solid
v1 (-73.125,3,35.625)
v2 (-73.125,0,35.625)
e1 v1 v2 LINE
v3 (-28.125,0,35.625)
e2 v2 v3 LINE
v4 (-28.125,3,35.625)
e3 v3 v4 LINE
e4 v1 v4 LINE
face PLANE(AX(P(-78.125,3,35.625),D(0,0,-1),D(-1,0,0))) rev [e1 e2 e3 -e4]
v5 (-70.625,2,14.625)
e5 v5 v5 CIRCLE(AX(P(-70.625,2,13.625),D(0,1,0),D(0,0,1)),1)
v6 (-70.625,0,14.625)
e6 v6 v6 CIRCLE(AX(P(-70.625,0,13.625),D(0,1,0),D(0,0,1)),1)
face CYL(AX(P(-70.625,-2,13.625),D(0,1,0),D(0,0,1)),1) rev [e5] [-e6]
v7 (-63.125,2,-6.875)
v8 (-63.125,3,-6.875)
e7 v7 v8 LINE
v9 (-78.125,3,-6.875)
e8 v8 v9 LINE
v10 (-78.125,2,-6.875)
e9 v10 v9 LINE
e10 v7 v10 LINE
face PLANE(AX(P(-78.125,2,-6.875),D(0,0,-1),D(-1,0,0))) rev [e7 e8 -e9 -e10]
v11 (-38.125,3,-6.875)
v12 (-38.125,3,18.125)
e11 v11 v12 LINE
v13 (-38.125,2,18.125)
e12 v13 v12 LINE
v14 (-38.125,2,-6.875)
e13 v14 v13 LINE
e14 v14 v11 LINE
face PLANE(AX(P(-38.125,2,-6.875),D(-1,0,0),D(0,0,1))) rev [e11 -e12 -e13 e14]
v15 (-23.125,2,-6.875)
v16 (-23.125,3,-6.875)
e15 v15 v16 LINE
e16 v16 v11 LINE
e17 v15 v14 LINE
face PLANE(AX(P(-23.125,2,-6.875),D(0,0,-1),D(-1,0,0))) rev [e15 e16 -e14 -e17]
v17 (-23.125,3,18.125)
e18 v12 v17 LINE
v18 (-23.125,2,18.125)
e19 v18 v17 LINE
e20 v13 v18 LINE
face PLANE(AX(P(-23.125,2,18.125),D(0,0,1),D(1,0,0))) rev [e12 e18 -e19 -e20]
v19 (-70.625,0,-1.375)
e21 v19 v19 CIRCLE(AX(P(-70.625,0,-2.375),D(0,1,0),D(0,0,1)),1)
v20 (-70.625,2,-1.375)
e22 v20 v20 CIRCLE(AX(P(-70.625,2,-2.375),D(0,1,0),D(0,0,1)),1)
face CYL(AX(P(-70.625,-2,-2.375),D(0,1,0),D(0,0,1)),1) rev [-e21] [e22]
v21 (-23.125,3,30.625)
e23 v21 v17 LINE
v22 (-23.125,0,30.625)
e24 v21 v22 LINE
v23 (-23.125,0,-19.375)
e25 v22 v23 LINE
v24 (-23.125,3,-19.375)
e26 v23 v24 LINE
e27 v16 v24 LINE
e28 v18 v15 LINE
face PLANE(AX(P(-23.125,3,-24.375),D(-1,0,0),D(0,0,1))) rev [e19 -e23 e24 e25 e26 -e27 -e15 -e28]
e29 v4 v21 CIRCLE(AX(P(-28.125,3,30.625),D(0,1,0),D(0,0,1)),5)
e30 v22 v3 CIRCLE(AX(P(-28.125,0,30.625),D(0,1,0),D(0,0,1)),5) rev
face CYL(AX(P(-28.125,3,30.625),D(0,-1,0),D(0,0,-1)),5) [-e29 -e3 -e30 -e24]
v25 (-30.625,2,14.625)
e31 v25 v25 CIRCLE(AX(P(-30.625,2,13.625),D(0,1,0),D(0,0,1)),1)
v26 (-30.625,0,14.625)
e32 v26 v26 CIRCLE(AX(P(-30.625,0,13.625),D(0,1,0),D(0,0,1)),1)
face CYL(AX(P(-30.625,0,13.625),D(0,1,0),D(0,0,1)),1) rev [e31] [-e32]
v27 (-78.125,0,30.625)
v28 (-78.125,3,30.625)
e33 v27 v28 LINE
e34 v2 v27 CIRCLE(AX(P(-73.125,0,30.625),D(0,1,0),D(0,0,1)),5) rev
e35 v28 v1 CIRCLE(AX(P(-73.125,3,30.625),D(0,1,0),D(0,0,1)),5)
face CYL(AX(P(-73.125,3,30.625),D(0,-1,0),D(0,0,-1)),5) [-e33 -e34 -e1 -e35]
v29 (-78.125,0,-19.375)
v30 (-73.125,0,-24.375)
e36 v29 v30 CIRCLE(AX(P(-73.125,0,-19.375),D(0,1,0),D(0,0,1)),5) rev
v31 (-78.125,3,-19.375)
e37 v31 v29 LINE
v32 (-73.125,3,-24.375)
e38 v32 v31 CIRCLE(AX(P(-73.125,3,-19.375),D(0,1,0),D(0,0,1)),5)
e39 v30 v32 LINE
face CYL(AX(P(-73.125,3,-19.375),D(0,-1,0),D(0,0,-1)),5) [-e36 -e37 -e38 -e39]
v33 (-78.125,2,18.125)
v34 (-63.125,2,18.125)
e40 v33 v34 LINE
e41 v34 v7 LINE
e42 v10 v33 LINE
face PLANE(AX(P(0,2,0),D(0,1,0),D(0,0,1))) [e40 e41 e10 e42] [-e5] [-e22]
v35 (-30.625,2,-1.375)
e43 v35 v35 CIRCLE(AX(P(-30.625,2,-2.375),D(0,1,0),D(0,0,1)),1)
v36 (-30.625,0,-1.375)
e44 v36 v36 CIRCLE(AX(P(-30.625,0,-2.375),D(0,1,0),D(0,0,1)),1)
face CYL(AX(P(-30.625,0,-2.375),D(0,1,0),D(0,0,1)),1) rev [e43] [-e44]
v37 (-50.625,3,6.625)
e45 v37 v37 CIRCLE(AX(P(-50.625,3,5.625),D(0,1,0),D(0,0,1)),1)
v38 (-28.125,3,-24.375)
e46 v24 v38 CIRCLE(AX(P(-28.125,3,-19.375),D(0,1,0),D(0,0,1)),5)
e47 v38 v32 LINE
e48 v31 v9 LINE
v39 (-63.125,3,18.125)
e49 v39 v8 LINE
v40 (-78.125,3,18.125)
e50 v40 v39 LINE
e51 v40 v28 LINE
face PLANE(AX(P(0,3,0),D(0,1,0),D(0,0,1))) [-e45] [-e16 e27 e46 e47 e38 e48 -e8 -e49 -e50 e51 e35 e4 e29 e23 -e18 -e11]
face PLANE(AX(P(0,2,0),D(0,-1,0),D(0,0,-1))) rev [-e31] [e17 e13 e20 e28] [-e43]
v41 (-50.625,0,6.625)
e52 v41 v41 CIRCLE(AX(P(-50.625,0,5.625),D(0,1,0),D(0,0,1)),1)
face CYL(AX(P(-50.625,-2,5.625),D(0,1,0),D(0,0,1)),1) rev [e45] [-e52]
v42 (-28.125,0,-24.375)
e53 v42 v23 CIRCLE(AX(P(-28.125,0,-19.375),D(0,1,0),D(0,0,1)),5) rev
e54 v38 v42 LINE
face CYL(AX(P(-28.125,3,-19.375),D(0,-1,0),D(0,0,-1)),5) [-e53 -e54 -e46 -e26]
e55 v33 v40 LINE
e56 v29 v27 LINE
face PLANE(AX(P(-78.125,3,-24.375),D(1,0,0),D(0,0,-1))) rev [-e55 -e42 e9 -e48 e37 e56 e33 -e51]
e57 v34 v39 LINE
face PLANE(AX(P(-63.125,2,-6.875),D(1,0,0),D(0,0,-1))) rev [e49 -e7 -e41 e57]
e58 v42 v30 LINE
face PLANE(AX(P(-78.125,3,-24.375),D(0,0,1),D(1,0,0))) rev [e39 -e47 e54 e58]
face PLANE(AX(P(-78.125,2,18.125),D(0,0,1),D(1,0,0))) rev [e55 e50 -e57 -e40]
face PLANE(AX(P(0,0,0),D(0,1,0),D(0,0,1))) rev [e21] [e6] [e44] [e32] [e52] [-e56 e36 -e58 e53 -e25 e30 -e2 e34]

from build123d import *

# Parameters (mm, degrees)
SKETCH2_W           = 55
SKETCH2_H           = 60
BOSS_EXTRUDE1_DEPTH = 3
SKETCH3_W           = 15
SKETCH3_H           = 25
CUT_EXTRUDE1_DEPTH  = 1
SKETCH4_R           = 1
CUT_EXTRUDE3_DEPTH  = 5
FILLET1_R           = 5
SKETCH5_R           = 1
CUT_EXTRUDE4_DEPTH  = 5
SKETCH6_W           = 15
SKETCH6_H           = 25
CUT_EXTRUDE5_DEPTH  = 1
SKETCH7_R           = 1
CUT_EXTRUDE6_DEPTH  = 2


with BuildPart() as part:
    # Sketch2 → Boss-Extrude1 (new body)
    with BuildSketch(Plane(origin=(0, 0, 0), x_dir=(1, 0, 0), z_dir=(0, 1, 0))):
        with Locations((-50.625, -5.625)):
            Rectangle(SKETCH2_W, SKETCH2_H)
    extrude(amount=BOSS_EXTRUDE1_DEPTH)

    # Sketch3 → Cut-Extrude1 (cut)
    with BuildSketch(Plane(origin=(0, 3, 0), x_dir=(1, 0, 0), z_dir=(0, 1, 0))):
        with Locations((-70.625, -5.625)):
            Rectangle(SKETCH3_W, SKETCH3_H)
    extrude(amount=-CUT_EXTRUDE1_DEPTH, mode=Mode.SUBTRACT)

    # Sketch4 → Cut-Extrude3 (cut)
    with BuildSketch(Plane(origin=(0, 3, 0), x_dir=(1, 0, 0), z_dir=(0, 1, 0))):
        with Locations(Location((-70.625, 2.375, 0), (0, 0, 270))):
            Circle(SKETCH4_R)
        with Locations(Location((-70.625, -13.625, 0), (0, 0, 270))):
            Circle(SKETCH4_R)
    extrude(amount=-CUT_EXTRUDE3_DEPTH, mode=Mode.SUBTRACT)

    # Fillet1
    fillet1_edges = [part.edges().sort_by_distance(p)[0] for p in [
        (-78.125, 1.5, -24.375),
        (-23.125, 1.5, -24.375),
        (-23.125, 1.5, 35.625),
        (-78.125, 1.5, 35.625),
    ]]
    fillet(fillet1_edges, radius=FILLET1_R)

    # Sketch5 → Cut-Extrude4 (cut)
    with BuildSketch(Plane(origin=(0, 3, 0), x_dir=(1, 0, 0), z_dir=(0, 1, 0))):
        with Locations(Location((-50.625, -5.625, 0), (0, 0, 270))):
            Circle(SKETCH5_R)
    extrude(amount=-CUT_EXTRUDE4_DEPTH, mode=Mode.SUBTRACT)

    # Sketch6 → Cut-Extrude5 (cut)
    with BuildSketch(Plane(origin=(0, 3, 0), x_dir=(1, 0, 0), z_dir=(0, 1, 0))):
        with Locations((-30.625, -5.625)):
            Rectangle(SKETCH6_W, SKETCH6_H)
    extrude(amount=-CUT_EXTRUDE5_DEPTH, mode=Mode.SUBTRACT)

    # Sketch7 → Cut-Extrude6 (cut)
    with BuildSketch(Plane(origin=(0, 2, 0), x_dir=(1, 0, 0), z_dir=(0, 1, 0))):
        with Locations(Location((-30.625, 2.375, 0), (0, 0, 270))):
            Circle(SKETCH7_R)
        with Locations(Location((-30.625, -13.625, 0), (0, 0, 270))):
            Circle(SKETCH7_R)
    extrude(amount=-CUT_EXTRUDE6_DEPTH, mode=Mode.SUBTRACT)


solid = part.part
